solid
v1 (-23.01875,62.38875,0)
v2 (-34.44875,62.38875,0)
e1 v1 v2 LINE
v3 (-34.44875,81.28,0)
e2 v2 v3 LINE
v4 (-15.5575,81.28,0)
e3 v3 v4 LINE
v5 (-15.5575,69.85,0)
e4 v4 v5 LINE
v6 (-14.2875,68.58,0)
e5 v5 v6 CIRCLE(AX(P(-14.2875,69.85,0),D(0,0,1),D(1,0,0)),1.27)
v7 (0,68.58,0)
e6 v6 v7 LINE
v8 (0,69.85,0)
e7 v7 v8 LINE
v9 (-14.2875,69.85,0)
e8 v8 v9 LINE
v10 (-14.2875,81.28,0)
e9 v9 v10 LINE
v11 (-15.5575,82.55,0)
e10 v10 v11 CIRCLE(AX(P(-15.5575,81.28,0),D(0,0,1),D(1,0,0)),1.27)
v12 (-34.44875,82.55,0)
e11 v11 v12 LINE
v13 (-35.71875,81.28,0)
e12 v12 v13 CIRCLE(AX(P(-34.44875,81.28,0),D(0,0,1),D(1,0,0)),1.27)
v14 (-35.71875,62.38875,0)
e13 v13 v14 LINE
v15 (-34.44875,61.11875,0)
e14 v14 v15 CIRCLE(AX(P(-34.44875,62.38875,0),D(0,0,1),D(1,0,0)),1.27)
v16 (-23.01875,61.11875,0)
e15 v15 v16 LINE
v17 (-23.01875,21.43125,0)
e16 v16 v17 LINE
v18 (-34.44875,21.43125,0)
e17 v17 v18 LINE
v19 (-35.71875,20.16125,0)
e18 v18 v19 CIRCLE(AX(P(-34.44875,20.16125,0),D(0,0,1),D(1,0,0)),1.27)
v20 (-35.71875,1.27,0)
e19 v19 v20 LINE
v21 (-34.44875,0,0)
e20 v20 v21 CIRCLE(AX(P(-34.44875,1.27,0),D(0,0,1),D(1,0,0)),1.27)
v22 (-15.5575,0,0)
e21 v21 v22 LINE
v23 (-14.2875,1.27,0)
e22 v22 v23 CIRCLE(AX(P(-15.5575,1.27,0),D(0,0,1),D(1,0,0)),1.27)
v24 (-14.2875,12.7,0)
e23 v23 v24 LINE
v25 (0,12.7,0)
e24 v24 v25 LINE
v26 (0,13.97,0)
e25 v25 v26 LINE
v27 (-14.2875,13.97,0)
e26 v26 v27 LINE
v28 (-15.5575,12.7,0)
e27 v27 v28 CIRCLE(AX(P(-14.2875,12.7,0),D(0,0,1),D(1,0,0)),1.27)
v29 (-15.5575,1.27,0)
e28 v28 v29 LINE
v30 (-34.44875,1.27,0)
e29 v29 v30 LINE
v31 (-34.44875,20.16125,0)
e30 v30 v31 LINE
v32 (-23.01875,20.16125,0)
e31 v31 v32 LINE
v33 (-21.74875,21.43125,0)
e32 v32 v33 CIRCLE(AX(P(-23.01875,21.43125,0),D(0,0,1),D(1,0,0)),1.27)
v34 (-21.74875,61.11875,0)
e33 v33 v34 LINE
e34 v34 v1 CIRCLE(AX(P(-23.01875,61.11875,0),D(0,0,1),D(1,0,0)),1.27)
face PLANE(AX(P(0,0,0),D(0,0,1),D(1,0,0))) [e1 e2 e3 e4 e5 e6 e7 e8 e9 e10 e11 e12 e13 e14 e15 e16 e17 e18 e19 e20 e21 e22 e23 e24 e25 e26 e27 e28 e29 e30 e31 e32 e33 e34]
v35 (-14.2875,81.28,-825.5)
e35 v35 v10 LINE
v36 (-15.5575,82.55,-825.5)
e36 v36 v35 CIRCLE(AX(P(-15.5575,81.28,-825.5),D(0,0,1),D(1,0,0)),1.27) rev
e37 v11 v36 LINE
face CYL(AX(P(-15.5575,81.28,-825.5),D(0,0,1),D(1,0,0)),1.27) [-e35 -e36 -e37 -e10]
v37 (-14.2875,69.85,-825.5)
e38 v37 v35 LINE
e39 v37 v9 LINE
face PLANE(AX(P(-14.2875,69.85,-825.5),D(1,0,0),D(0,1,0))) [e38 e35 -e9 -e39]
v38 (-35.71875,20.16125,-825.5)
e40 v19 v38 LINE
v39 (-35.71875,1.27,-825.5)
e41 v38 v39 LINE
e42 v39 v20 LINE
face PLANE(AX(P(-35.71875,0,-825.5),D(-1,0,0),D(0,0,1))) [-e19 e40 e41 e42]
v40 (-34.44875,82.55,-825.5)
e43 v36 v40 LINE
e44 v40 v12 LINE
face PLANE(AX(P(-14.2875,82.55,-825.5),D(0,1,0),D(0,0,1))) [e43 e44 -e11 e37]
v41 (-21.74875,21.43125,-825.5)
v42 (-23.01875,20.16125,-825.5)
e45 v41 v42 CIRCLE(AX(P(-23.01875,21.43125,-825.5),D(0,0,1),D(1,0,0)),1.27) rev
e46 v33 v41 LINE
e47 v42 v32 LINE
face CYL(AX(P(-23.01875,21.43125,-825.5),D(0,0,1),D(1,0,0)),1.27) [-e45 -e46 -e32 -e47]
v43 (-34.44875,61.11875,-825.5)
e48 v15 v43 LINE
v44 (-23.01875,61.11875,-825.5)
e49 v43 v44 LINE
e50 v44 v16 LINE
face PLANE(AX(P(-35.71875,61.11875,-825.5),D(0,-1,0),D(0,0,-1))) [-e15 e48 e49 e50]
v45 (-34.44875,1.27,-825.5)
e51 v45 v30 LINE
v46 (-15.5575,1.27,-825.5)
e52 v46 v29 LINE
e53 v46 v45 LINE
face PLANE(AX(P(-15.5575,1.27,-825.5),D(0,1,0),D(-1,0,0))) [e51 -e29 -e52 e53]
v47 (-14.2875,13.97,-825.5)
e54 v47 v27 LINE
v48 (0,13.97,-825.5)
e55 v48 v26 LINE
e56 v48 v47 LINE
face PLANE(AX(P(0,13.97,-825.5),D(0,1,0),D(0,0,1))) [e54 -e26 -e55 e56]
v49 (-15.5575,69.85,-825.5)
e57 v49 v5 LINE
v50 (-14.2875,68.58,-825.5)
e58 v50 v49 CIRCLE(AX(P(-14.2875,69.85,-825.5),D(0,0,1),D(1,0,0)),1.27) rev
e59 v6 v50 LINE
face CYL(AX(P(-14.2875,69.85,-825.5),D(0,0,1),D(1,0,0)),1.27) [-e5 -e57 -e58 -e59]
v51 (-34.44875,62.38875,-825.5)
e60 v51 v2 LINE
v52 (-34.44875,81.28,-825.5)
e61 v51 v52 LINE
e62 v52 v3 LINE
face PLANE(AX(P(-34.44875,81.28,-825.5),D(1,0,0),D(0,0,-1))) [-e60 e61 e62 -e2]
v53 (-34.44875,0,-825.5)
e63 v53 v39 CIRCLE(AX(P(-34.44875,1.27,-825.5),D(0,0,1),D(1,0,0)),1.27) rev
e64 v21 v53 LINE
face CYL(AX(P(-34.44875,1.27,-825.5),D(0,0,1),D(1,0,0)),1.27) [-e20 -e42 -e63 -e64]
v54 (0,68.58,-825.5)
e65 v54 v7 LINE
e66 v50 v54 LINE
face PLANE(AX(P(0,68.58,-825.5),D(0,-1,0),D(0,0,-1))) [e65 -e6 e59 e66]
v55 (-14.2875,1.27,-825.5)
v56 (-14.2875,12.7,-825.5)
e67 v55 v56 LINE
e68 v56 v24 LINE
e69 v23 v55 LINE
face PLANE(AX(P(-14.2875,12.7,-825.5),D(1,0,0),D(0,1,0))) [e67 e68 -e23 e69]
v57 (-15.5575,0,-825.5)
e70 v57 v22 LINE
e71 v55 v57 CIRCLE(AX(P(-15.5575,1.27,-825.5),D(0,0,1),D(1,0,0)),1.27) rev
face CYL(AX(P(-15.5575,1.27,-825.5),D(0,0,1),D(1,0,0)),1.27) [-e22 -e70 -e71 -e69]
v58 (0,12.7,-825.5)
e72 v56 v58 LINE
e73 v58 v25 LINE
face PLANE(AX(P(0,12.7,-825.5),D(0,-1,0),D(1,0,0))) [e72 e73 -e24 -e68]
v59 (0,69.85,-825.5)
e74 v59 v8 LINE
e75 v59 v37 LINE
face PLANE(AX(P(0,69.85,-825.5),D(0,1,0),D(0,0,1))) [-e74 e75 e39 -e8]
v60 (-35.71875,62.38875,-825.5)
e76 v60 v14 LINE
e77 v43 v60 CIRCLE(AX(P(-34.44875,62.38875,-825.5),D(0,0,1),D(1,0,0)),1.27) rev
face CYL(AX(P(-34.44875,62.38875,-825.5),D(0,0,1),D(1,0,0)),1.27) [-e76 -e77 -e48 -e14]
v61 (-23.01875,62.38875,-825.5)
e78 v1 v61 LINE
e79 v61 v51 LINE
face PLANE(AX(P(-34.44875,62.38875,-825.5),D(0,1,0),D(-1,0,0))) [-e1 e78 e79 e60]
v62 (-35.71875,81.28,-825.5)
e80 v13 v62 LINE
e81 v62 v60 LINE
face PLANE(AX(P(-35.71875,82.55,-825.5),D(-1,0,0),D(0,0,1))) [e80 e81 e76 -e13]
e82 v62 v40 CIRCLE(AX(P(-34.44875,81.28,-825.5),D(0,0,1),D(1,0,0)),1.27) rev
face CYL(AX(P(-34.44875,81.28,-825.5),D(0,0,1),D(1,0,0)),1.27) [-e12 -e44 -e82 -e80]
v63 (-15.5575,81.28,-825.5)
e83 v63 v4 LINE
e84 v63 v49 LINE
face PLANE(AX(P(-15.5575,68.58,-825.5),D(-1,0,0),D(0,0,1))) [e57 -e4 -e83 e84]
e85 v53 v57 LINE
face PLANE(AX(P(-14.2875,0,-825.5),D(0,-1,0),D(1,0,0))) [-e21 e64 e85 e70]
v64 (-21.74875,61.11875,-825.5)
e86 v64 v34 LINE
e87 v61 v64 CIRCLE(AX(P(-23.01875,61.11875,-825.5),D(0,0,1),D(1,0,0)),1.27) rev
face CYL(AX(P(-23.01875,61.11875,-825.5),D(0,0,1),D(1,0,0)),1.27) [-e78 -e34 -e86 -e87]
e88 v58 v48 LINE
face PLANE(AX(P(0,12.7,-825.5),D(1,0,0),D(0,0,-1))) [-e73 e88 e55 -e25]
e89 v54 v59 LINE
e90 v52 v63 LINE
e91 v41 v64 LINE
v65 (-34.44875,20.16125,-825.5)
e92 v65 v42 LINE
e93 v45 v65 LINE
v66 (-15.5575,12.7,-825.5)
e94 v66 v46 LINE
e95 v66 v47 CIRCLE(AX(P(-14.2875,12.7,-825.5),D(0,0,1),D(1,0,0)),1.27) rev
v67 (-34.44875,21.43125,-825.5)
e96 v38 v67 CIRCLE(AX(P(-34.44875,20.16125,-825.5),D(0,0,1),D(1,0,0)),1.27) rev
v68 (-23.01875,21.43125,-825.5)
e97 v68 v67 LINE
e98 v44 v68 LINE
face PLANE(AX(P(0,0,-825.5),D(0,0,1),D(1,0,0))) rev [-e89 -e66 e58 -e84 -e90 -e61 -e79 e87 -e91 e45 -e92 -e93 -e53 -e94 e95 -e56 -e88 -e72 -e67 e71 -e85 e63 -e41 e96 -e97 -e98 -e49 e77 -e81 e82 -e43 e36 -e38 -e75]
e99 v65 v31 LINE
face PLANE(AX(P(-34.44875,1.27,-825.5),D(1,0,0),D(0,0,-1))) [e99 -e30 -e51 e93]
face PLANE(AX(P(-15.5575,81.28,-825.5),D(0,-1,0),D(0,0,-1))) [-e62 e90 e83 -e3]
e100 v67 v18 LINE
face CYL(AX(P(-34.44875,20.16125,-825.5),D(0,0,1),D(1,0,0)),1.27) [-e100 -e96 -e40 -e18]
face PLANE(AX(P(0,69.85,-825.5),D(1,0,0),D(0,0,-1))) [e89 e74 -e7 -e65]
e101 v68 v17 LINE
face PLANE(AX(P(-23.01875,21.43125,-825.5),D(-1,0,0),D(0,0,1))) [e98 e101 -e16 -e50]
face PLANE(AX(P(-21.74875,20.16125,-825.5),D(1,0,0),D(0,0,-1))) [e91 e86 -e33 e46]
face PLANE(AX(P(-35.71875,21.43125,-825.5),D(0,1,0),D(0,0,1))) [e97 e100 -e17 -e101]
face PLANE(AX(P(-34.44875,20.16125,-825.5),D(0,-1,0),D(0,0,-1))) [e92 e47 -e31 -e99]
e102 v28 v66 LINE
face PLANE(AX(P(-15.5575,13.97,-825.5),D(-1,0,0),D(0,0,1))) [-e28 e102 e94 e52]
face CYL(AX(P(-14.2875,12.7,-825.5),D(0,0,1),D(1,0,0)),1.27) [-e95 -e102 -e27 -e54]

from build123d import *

# Parameters (mm, degrees)
BOSS_EXTRUDE1_DEPTH = 825.5
FILLET1_R           = 1.27


with BuildPart() as part:
    # Sketch1 → Boss-Extrude1 (new body)
    with BuildSketch(Plane.XY):
        Polygon((0, 12.7), (-14.2875, 12.7), (-14.2875, 0), (-35.71875, 0), (-35.71875, 21.43125), (-23.01875, 21.43125), (-23.01875, 61.11875), (-35.71875, 61.11875), (-35.71875, 82.55), (-14.2875, 82.55), (-14.2875, 69.85), (0, 69.85), (0, 68.58), (-15.5575, 68.58), (-15.5575, 81.28), (-34.44875, 81.28), (-34.44875, 62.38875), (-21.74875, 62.38875), (-21.74875, 20.16125), (-34.44875, 20.16125), (-34.44875, 1.27), (-15.5575, 1.27), (-15.5575, 13.97), (0, 13.97), align=None)
    extrude(amount=-BOSS_EXTRUDE1_DEPTH)

    # Fillet1
    fillet1_edges = [part.edges().sort_by_distance(p)[0] for p in [
        (-14.2875, 0, -412.75),
        (-35.71875, 0, -412.75),
        (-35.71875, 21.43125, -412.75),
        (-35.71875, 61.11875, -412.75),
        (-35.71875, 82.55, -412.75),
        (-14.2875, 82.55, -412.75),
        (-15.5575, 68.58, -412.75),
        (-21.74875, 62.38875, -412.75),
        (-21.74875, 20.16125, -412.75),
        (-15.5575, 13.97, -412.75),
    ]]
    fillet(fillet1_edges, radius=FILLET1_R)


solid = part.part
